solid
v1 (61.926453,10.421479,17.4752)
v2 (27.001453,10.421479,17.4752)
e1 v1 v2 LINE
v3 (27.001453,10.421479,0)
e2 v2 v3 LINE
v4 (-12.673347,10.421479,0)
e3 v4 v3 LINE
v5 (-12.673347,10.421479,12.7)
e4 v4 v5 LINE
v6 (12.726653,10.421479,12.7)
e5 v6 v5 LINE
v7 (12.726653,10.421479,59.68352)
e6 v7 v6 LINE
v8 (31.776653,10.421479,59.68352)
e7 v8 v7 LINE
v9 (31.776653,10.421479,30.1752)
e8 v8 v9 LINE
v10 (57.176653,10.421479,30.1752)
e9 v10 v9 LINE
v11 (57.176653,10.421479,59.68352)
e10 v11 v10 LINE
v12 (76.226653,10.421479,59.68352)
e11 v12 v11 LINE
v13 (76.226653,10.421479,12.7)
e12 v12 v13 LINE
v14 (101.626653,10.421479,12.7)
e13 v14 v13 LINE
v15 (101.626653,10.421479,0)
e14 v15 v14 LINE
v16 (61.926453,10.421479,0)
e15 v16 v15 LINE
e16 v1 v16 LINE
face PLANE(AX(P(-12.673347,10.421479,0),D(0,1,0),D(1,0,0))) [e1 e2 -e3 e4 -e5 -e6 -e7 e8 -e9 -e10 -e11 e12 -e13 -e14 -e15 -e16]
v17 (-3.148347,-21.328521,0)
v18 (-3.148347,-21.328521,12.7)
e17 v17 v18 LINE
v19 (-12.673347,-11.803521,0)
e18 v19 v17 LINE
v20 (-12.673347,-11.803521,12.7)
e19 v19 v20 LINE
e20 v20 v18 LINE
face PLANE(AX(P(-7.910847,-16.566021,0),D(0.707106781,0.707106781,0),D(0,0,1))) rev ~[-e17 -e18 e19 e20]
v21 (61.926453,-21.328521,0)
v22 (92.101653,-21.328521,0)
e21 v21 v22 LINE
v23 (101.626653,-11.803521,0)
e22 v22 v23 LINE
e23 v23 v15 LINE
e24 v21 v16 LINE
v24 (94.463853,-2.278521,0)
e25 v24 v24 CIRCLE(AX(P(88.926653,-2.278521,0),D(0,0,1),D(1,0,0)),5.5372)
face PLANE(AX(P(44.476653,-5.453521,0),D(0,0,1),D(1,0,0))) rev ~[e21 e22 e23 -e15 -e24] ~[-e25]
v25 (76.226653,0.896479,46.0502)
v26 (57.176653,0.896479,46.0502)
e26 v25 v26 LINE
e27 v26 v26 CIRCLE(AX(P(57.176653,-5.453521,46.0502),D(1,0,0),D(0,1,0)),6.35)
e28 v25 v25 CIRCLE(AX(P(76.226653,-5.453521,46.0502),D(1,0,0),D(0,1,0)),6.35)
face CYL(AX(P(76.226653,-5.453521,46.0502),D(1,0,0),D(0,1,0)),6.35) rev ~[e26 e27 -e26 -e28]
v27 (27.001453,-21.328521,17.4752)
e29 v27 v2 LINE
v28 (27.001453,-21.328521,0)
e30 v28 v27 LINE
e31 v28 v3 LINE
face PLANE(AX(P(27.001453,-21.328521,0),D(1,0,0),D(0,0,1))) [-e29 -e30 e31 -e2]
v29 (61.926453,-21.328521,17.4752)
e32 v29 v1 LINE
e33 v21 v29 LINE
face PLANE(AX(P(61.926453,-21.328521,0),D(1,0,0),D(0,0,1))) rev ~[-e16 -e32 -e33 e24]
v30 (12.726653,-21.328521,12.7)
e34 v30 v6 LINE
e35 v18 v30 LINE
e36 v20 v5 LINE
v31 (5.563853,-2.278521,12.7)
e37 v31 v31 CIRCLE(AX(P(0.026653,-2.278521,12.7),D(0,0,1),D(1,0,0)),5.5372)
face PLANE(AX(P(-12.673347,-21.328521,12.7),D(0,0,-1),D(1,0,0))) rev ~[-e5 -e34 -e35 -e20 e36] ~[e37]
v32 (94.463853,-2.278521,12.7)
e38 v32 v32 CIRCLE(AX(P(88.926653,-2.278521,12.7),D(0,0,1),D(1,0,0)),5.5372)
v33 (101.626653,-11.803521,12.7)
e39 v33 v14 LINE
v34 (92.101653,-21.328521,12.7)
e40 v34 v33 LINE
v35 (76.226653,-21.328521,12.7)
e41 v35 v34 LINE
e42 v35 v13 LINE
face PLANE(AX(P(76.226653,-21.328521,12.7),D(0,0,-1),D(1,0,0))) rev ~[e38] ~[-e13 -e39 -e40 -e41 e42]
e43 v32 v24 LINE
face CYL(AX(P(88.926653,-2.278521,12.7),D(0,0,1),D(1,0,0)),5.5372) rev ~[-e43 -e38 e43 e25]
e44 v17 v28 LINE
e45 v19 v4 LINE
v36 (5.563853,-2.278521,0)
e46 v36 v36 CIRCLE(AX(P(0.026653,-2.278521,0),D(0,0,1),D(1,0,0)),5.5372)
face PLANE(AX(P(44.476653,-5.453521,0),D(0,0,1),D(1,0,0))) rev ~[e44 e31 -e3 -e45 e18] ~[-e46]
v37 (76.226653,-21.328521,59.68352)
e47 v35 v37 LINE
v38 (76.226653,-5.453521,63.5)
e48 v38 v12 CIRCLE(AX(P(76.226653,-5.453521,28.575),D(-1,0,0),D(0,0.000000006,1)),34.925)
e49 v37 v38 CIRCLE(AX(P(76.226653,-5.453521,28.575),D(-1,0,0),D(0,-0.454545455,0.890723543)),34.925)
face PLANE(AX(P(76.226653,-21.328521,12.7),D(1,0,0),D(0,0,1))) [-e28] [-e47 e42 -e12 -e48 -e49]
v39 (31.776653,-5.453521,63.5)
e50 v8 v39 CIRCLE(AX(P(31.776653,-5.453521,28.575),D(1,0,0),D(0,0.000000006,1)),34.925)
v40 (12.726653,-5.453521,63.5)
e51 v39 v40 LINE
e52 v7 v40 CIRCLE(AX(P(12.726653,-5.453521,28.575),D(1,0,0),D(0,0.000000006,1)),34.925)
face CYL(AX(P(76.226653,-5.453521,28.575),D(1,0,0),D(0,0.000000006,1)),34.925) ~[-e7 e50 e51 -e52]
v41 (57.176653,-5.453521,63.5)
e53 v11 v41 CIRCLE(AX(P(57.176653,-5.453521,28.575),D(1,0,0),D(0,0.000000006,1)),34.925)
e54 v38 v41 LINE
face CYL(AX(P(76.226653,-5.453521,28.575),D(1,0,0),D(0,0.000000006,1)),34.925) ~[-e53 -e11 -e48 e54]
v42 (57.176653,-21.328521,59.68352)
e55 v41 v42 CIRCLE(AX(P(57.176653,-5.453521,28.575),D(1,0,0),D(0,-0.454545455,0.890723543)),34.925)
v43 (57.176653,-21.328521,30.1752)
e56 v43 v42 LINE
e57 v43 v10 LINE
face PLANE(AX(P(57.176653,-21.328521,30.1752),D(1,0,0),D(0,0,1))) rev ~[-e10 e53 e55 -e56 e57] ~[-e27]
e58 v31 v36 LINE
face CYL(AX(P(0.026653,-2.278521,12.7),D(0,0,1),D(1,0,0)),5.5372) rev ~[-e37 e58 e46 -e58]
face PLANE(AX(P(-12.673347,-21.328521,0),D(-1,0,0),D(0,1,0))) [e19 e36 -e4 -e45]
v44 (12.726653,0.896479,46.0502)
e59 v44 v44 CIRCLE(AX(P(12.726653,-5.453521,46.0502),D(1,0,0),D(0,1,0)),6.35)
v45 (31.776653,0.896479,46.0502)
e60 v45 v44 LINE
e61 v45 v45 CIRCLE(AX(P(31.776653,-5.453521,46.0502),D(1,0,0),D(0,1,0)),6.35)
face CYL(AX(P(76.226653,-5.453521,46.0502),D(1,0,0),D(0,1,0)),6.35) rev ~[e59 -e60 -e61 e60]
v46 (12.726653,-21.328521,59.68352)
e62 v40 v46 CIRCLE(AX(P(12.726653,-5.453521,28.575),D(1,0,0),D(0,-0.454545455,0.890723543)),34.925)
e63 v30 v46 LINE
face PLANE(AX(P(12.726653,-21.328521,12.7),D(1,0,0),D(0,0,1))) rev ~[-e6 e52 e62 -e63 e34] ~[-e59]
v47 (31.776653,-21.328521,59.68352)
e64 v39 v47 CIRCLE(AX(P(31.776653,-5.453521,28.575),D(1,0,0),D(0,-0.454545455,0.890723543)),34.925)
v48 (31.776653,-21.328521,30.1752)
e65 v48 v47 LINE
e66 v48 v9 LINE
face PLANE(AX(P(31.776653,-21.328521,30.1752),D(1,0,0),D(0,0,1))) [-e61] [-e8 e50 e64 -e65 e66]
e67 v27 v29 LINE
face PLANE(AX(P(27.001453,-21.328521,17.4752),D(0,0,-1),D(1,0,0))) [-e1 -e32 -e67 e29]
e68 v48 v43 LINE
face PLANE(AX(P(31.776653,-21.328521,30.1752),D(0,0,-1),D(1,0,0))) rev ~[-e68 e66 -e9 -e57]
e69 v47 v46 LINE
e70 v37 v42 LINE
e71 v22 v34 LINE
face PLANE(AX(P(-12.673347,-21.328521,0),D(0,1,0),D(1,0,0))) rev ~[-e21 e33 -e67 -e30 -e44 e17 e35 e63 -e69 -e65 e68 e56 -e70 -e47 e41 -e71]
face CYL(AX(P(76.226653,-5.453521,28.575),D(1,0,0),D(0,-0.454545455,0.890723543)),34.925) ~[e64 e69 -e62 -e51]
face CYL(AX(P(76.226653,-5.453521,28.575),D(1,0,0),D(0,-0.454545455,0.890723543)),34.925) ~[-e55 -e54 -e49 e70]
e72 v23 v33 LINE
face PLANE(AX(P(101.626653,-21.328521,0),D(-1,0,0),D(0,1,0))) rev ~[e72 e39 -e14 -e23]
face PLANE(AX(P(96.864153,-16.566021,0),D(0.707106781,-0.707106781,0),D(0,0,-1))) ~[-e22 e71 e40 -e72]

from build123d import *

# Parameters (mm, degrees)
F0_W     = 114.3
F0_H     = 31.75
F1_DEPTH = 63.5
F2_W     = 25.4
F2_H     = 50.8
F2_H_2   = 33.3248
F2_W_2   = 34.925
F2_H_3   = 17.4752
F3_DEPTH = 31.751
F4_R     = 6.35
F5_DEPTH = 88.901
F6_R     = 5.5372
F7_DEPTH = 12.701
F9_DEPTH = 88.901
F10_SIZE = 9.525


with BuildPart() as f1:
    # F0 (on Top) → F1 (new body)
    with BuildSketch(Plane.XY):
        with Locations((44.4766530171, -5.4535213858)):
            Rectangle(F0_W, F0_H)
    extrude(amount=F1_DEPTH)

    # F2 (on face) → F3 (cut, through all)
    with BuildSketch(Plane.XZ.offset(21.3285213858)):
        with Locations((0.0266530171, 38.1)):
            Rectangle(F2_W, F2_H)
        with Locations((44.4766530171, 46.8376)):
            Rectangle(F2_W, F2_H_2)
        with Locations((88.9266530171, 38.1)):
            Rectangle(F2_W, F2_H)
        with Locations((44.4639530171, 8.7376)):
            Rectangle(F2_W_2, F2_H_3)
    extrude(amount=-F3_DEPTH, mode=Mode.SUBTRACT)

    # F4 (on face) → F5 (cut, through all)
    with BuildSketch(Plane.YZ.offset(76.2266530171)):
        with Locations((-5.4535213858, 46.0502)):
            Circle(F4_R)
    extrude(amount=-F5_DEPTH, mode=Mode.SUBTRACT)

    # F6 (on face) → F7 (cut, through all)
    with BuildSketch(Plane.XY.offset(12.7)):
        with Locations((0.0266530171, -2.2785213858)):
            Circle(F6_R)
        with Locations((88.9266530171, -2.2785213858)):
            Circle(F6_R)
    extrude(amount=-F7_DEPTH, mode=Mode.SUBTRACT)

    # F8 (on face) → F9 (cut, through all)
    with BuildSketch(Plane.YZ.offset(76.2266530171)):
        with BuildLine():
            Line((-21.3285213858, 63.5), (-21.3285213858, 59.6835197333))
            ThreePointArc((-21.3285213858, 59.6835197333), (-13.6171777345, 62.5324784108), (-5.4535211745, 63.5))
            Line((-5.4535211745, 63.5), (-21.3285213858, 63.5))
        make_face()
        with BuildLine():
            ThreePointArc((-5.4535211745, 63.5), (2.7101351683, 62.5324783614), (10.4214786142, 59.6835197333))
            Line((10.4214786142, 59.6835197333), (10.4214786142, 63.5))
            Line((10.4214786142, 63.5), (-5.4535211745, 63.5))
        make_face()
    extrude(amount=-F9_DEPTH, mode=Mode.SUBTRACT)

    # F10
    f10_edges = [f1.edges().sort_by_distance(p)[0] for p in [
        (101.626653, -21.328521, 6.35),
        (-12.673347, -21.328521, 6.35),
    ]]
    chamfer(f10_edges, length=F10_SIZE)


solid = f1.part
